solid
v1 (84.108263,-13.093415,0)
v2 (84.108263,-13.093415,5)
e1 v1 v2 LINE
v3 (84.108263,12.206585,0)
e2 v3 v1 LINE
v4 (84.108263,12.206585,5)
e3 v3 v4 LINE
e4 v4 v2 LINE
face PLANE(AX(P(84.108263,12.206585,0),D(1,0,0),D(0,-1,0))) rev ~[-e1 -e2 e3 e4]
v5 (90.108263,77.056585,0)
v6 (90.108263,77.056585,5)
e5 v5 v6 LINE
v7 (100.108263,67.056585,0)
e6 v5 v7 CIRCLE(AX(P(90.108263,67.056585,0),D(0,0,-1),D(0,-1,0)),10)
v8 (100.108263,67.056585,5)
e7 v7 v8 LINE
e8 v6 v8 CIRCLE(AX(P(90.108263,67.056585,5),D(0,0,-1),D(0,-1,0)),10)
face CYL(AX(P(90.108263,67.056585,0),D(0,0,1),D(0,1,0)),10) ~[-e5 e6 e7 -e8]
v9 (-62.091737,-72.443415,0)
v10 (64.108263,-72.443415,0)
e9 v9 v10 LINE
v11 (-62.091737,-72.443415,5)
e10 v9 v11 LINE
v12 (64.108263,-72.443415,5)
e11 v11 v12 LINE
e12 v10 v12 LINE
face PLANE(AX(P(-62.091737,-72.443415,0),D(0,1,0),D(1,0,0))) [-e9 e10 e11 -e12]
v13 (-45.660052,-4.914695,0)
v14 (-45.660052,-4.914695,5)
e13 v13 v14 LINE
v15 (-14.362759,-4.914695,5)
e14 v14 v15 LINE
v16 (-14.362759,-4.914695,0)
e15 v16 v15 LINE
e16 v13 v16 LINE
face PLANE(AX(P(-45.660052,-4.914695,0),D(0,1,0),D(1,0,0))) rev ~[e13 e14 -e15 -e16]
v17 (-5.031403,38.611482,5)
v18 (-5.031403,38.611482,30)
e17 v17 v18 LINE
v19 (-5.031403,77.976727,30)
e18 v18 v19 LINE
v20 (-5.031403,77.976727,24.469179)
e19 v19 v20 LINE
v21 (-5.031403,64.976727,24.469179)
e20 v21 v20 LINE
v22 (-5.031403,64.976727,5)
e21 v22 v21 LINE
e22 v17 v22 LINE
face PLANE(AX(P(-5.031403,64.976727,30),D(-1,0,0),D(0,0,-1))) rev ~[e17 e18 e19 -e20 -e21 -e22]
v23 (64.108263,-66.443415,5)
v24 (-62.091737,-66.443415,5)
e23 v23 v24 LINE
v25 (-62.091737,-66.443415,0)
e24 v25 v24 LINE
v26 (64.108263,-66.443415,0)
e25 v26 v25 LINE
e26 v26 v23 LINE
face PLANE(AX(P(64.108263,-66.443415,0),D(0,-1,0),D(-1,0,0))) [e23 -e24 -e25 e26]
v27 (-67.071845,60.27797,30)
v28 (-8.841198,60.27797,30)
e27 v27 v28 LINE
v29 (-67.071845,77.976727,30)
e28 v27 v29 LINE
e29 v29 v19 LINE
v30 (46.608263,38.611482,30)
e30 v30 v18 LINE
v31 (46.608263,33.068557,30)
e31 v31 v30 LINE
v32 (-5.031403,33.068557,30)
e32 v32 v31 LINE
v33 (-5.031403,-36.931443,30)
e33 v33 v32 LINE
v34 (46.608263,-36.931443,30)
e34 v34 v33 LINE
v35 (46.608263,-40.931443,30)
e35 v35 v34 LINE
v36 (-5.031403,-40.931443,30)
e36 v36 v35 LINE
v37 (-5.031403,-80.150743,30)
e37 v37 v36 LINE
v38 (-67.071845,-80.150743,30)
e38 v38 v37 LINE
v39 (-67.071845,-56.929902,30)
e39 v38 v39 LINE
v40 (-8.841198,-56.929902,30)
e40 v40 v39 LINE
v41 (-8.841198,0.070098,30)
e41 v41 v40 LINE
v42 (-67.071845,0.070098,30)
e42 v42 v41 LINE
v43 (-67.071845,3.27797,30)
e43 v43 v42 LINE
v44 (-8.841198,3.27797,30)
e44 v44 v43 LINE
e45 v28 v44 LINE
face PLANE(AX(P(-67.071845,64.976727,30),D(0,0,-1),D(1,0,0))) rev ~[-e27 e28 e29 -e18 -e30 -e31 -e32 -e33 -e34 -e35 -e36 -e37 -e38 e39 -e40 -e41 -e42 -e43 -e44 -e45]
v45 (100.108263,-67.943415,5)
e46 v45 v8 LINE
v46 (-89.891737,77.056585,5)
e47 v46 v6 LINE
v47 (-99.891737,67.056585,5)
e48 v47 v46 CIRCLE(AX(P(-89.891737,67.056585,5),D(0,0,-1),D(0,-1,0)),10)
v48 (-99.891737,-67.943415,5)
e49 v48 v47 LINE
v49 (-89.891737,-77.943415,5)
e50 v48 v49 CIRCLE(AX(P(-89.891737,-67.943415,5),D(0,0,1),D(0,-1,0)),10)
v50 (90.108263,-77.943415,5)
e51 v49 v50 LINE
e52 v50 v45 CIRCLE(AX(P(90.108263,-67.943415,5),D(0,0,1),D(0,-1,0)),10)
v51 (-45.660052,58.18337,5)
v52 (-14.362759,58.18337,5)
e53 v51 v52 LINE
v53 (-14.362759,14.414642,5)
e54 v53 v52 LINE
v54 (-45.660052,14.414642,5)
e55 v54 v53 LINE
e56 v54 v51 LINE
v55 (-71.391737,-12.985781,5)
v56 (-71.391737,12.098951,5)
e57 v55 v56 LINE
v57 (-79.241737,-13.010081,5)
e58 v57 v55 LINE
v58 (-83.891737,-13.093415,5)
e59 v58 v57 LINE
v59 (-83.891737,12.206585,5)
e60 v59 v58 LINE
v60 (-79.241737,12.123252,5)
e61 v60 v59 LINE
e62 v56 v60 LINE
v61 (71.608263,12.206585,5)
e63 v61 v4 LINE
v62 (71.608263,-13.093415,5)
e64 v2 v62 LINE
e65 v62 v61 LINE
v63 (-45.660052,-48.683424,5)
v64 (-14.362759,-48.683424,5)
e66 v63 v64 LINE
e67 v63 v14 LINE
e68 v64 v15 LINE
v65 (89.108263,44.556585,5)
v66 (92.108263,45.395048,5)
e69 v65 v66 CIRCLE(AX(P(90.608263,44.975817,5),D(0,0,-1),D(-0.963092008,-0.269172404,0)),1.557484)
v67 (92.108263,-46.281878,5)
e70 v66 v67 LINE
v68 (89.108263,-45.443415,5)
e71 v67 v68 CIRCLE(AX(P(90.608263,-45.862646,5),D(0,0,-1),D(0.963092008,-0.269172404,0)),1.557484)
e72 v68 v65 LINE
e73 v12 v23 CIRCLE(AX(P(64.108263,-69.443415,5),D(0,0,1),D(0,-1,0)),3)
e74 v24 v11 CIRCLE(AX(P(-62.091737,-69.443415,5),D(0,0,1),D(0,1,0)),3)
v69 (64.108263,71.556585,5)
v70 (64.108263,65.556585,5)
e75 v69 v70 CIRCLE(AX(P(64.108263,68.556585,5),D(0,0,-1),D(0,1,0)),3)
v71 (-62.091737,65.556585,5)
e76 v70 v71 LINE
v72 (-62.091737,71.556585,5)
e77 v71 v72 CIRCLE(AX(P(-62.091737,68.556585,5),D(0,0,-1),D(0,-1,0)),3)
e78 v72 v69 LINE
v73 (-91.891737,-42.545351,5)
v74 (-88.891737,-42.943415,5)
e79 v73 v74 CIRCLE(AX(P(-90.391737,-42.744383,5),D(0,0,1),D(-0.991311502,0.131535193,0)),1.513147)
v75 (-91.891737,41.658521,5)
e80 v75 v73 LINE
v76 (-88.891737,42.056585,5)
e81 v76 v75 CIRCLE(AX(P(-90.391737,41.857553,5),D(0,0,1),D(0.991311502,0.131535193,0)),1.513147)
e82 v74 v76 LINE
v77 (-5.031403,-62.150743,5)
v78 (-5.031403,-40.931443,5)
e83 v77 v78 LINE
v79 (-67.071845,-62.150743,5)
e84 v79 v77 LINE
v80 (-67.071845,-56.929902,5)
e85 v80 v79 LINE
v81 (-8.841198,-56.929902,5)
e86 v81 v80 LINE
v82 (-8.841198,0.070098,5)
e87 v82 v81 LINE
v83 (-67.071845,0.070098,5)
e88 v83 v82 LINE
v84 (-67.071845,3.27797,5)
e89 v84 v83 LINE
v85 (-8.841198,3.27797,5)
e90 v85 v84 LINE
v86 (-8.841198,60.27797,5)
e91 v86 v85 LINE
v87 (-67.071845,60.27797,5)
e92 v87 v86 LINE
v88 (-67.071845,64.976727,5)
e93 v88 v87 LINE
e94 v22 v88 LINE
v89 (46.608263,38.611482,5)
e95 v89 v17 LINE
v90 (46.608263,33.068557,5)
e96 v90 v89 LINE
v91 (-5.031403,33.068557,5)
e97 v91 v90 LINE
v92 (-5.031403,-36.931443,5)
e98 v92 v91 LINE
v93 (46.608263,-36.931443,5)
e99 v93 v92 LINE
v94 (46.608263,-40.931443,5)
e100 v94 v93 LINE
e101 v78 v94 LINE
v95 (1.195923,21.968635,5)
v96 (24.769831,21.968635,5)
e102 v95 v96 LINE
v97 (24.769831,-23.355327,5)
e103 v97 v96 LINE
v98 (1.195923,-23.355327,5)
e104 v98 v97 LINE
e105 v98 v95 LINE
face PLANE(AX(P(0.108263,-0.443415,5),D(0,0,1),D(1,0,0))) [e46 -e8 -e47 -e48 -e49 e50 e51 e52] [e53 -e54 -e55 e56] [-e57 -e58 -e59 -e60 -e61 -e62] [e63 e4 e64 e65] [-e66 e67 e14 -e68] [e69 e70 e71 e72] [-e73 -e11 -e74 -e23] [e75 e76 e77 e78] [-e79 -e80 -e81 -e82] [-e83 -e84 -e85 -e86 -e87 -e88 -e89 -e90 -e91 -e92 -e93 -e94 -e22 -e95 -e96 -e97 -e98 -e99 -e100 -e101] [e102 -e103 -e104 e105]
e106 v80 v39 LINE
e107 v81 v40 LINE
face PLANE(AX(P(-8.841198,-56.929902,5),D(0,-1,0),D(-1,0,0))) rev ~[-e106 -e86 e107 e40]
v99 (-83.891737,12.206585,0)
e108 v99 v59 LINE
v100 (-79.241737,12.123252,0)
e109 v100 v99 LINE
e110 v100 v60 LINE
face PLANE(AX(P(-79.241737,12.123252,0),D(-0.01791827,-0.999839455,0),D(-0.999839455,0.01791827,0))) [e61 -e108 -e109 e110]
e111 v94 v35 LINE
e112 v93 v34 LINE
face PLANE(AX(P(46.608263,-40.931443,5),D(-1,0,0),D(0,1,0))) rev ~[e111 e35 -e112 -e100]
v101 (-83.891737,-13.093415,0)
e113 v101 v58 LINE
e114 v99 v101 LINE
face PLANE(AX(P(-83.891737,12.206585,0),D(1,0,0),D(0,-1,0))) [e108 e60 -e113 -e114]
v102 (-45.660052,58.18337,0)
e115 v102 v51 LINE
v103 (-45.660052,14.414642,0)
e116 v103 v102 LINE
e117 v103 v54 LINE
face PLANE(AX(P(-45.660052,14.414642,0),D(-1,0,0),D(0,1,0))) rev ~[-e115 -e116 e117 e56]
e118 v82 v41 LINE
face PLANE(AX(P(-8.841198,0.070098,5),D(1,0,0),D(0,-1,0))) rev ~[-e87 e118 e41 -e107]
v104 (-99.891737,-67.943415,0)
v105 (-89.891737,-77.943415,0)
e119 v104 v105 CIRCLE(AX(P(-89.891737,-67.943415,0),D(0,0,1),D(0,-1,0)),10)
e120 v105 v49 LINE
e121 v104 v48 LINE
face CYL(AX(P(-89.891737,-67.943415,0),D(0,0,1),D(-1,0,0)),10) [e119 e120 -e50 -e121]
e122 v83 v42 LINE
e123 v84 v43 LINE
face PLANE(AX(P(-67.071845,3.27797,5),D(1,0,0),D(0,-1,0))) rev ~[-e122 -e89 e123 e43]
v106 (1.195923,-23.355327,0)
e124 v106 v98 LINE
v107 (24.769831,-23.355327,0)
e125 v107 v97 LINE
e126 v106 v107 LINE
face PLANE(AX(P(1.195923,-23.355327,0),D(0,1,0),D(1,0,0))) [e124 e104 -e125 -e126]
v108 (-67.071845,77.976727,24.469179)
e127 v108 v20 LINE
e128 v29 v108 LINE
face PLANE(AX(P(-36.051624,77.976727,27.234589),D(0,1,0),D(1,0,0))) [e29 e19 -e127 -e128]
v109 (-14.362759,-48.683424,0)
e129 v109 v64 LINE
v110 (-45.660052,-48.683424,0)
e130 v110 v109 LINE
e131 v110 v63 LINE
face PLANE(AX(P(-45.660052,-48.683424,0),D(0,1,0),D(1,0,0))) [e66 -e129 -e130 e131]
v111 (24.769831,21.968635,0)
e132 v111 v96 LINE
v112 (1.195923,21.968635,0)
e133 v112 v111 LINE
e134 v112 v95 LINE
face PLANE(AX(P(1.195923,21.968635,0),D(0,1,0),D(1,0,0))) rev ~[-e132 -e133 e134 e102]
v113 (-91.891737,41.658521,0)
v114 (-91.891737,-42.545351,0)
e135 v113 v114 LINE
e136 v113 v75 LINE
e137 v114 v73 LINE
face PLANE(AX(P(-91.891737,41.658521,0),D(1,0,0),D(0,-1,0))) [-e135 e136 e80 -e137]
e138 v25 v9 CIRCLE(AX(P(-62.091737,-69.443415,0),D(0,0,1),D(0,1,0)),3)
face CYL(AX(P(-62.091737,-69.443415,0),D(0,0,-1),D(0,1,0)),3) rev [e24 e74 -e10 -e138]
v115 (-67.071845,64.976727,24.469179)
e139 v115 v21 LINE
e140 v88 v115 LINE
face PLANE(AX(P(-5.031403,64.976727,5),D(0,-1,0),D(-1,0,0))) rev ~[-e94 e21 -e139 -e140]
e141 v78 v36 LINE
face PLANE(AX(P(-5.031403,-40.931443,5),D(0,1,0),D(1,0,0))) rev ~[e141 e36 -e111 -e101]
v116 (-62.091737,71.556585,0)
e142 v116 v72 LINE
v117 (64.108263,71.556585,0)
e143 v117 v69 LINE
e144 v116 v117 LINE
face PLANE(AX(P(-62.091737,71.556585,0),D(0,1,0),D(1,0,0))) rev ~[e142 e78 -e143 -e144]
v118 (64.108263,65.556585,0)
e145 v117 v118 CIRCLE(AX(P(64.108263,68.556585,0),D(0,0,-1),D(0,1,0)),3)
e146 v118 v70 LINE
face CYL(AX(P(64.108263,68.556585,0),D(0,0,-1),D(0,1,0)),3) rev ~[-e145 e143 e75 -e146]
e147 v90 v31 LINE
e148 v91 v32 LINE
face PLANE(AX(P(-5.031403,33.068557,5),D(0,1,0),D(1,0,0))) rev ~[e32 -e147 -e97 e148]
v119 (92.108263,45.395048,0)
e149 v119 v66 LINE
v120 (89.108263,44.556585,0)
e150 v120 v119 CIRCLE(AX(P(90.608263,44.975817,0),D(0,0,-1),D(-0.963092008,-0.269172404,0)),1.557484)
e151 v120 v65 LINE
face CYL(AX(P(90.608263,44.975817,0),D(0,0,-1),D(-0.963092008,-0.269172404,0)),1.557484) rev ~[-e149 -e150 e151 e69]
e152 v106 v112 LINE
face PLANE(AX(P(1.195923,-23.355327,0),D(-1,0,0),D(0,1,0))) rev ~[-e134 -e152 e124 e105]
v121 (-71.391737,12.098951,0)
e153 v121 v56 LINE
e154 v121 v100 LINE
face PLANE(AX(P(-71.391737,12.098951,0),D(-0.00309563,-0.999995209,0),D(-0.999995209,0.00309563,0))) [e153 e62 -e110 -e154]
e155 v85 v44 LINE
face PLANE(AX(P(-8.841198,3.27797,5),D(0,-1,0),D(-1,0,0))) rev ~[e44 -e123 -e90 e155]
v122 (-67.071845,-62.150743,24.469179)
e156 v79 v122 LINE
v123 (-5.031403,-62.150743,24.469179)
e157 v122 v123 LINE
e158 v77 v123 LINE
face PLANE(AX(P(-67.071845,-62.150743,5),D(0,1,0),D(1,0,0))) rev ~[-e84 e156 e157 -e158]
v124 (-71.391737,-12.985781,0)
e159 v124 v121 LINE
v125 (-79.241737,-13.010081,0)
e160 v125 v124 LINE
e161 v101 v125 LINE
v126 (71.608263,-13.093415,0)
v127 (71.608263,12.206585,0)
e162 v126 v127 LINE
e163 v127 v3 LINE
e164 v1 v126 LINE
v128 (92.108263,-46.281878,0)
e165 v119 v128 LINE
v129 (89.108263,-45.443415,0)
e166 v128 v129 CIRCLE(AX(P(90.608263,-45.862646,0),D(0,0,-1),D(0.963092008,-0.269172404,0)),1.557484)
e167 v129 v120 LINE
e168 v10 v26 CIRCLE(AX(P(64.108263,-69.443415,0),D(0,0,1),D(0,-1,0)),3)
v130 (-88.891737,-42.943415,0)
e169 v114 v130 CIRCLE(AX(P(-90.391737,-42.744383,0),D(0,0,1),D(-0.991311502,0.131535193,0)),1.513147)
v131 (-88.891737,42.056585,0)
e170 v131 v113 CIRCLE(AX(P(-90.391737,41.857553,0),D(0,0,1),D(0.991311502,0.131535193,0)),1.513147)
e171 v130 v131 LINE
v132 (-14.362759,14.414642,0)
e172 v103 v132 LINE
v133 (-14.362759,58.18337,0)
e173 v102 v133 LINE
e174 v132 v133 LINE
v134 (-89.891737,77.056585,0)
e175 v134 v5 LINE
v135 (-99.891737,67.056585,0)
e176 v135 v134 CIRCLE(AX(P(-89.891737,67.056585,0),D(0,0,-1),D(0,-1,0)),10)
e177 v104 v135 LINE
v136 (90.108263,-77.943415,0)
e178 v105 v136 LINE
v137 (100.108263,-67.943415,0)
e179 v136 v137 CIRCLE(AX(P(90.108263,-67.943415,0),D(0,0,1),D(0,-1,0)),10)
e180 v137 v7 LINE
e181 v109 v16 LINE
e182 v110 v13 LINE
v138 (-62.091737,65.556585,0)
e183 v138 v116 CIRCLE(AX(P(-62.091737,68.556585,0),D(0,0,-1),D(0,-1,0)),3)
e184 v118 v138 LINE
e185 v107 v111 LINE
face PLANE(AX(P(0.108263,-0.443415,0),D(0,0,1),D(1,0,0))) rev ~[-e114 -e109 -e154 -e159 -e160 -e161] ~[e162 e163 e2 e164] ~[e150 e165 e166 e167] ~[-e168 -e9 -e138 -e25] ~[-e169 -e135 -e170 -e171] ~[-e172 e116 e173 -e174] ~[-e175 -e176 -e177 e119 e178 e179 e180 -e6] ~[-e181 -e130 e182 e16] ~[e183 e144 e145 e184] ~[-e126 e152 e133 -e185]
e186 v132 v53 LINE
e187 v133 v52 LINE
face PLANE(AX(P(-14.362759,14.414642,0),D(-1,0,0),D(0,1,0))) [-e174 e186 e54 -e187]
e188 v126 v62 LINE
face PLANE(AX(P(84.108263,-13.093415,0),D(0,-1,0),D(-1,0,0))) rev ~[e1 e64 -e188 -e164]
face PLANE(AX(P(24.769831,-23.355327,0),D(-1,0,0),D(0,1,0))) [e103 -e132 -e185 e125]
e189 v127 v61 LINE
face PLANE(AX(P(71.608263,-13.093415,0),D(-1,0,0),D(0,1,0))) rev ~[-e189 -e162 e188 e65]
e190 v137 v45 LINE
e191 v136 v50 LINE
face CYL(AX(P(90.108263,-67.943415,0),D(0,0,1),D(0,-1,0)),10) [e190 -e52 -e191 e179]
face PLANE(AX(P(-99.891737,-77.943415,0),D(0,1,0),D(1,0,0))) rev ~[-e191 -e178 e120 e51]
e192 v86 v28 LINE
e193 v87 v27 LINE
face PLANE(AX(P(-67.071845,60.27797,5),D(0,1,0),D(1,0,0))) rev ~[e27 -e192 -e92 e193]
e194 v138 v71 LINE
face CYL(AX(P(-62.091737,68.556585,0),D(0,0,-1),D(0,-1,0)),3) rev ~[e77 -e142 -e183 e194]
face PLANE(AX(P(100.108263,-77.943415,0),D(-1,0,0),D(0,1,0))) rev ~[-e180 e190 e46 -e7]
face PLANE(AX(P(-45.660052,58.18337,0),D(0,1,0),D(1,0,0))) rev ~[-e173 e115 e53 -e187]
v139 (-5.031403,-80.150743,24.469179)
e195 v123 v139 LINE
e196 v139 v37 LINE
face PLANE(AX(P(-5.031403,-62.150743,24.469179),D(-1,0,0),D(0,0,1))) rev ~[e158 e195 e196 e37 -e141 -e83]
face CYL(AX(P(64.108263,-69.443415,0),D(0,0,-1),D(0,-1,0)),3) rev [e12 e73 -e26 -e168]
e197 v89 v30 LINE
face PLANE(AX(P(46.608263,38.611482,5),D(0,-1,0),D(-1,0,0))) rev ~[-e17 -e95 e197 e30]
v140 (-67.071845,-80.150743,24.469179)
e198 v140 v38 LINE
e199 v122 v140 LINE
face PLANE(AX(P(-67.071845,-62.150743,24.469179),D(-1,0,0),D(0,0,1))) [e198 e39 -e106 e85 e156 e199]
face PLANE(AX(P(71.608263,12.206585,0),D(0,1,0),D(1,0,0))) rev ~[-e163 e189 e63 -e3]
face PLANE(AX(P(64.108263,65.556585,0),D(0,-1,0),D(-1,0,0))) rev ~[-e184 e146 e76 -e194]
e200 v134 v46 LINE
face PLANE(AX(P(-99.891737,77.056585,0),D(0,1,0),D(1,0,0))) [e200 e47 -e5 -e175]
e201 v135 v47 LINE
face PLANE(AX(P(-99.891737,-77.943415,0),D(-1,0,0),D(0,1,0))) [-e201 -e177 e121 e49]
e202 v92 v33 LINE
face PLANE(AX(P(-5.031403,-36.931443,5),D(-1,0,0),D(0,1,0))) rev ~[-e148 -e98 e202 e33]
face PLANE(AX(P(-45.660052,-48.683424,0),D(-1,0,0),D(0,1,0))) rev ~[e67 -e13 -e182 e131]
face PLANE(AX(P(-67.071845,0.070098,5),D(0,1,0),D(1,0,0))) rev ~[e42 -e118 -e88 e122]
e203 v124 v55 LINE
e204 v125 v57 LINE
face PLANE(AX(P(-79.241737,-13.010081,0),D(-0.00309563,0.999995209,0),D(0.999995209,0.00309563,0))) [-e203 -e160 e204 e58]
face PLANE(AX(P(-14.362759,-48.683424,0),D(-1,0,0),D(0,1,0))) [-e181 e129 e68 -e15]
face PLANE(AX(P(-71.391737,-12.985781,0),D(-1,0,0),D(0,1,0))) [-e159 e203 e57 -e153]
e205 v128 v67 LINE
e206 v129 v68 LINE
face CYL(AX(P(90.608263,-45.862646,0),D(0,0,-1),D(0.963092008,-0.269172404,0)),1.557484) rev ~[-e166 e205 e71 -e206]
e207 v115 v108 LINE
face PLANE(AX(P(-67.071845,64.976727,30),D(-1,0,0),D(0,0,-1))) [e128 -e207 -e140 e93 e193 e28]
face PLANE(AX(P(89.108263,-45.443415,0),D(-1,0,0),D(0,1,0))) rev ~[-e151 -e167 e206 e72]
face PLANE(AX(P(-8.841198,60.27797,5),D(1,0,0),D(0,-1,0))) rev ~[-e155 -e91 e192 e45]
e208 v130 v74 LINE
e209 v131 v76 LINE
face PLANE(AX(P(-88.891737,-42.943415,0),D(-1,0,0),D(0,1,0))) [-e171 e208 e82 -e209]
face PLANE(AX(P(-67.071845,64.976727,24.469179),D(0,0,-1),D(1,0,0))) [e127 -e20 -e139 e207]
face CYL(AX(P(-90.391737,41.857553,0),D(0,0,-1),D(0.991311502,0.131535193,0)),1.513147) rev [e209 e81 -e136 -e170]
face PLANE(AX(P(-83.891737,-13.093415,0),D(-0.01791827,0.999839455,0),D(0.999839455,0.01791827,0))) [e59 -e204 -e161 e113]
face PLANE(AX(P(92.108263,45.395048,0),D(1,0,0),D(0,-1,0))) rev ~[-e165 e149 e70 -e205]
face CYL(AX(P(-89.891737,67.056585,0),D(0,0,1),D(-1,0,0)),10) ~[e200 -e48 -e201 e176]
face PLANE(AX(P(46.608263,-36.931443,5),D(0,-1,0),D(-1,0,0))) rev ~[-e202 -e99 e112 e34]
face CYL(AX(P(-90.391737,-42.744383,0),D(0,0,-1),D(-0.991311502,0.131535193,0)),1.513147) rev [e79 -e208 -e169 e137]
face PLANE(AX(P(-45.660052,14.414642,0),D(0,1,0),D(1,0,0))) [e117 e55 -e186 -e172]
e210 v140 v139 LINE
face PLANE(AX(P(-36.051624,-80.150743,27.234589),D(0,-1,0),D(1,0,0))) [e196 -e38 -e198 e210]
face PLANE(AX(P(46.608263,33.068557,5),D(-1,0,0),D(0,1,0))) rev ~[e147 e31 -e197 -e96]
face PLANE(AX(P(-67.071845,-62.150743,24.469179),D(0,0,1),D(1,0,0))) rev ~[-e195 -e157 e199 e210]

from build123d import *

# Parameters (mm, degrees)
CROQUIS2_W              = 200
CROQUIS2_H              = 155
CROQUIS2_W_2            = 31.297292299
CROQUIS2_H_2            = 43.768728426
CROQUIS2_H_3            = 43.768728427
CROQUIS2_W_3            = 23.573907934
CROQUIS2_H_4            = 45.323962431
SALIENTE_EXTRUIR1_DEPTH = 5
REDONDEO1_R             = 10
BOSS_EXTRUDE1_DEPTH     = 25
SKETCH3_W               = 62.040442094
SKETCH3_H               = 5.530821024
BOSS_EXTRUDE2_DEPTH     = 18
SKETCH8_W               = 62.040442094
SKETCH8_H               = 5.530821024
BOSS_EXTRUDE6_DEPTH     = 13


with BuildPart() as part:
    # Croquis2 → Saliente-Extruir1 (new body)
    with BuildSketch(Plane.XY):
        with Locations((0.108263467, -0.443414783)):
            Rectangle(CROQUIS2_W, CROQUIS2_H)
        with BuildLine():
            Line((-62.091736533, 71.556585217), (64.108263467, 71.556585217))
            ThreePointArc((64.108263467, 71.556585217), (67.108263467, 68.556585217), (64.108263467, 65.556585217))
            Line((64.108263467, 65.556585217), (-62.091736533, 65.556585217))
            ThreePointArc((-62.091736533, 65.556585217), (-65.091736533, 68.556585217), (-62.091736533, 71.556585217))
        make_face(mode=Mode.SUBTRACT)
        Polygon((-71.391736533, -12.98578064), (-71.391736533, 12.098951074), (-79.241736533, 12.123251884), (-83.891736533, 12.206585217), (-83.891736533, -13.093414783), (-79.241736533, -13.01008145), align=None, mode=Mode.SUBTRACT)
        with BuildLine():
            Line((92.108263467, 45.395048424), (92.108263467, -46.28187799))
            ThreePointArc((92.108263467, -46.28187799), (90.189031864, -47.362646387), (89.108263467, -45.443414783))
            Line((89.108263467, -45.443414783), (89.108263467, 44.556585217))
            ThreePointArc((89.108263467, 44.556585217), (90.189031864, 46.47581682), (92.108263467, 45.395048424))
        make_face(mode=Mode.SUBTRACT)
        Polygon((84.108263467, 12.206585217), (84.108263467, -13.093414783), (79.458263467, -13.093414783), (71.608263467, -13.093414783), (71.608263467, 12.206585217), (79.458263467, 12.206585217), align=None, mode=Mode.SUBTRACT)
        with BuildLine():
            Line((-91.891736533, 41.658521059), (-91.891736533, -42.545350625))
            ThreePointArc((-91.891736533, -42.545350625), (-90.590768612, -44.244382704), (-88.891736533, -42.943414783))
            Line((-88.891736533, -42.943414783), (-88.891736533, 42.056585217))
            ThreePointArc((-88.891736533, 42.056585217), (-90.590768612, 43.357553138), (-91.891736533, 41.658521059))
        make_face(mode=Mode.SUBTRACT)
        with Locations((-30.011405388, 36.299005811)):
            Rectangle(CROQUIS2_W_2, CROQUIS2_H_2, mode=Mode.SUBTRACT)
        with BuildLine():
            Line((-62.091736533, -72.443414783), (64.108263467, -72.443414783))
            ThreePointArc((64.108263467, -72.443414783), (67.108263467, -69.443414783), (64.108263467, -66.443414783))
            Line((64.108263467, -66.443414783), (-62.091736533, -66.443414783))
            ThreePointArc((-62.091736533, -66.443414783), (-65.091736533, -69.443414783), (-62.091736533, -72.443414783))
        make_face(mode=Mode.SUBTRACT)
        with Locations((-30.011405388, -26.799059535)):
            Rectangle(CROQUIS2_W_2, CROQUIS2_H_3, mode=Mode.SUBTRACT)
        with Locations((12.982877294, -0.693345879)):
            Rectangle(CROQUIS2_W_3, CROQUIS2_H_4, mode=Mode.SUBTRACT)
    extrude(amount=SALIENTE_EXTRUIR1_DEPTH)

    # Redondeo1
    redondeo1_edges = [part.edges().sort_by_distance(p)[0] for p in [
        (100.108263467, -77.943414783, 2.5),
        (-99.891736533, -77.943414783, 2.5),
        (-99.891736533, 77.056585217, 2.5),
        (100.108263467, 77.056585217, 2.5),
    ]]
    fillet(redondeo1_edges, radius=REDONDEO1_R)

    # Sketch1 → Boss-Extrude1 (add)
    with BuildSketch(Plane.XY.offset(5)):
        Polygon((-67.071845217, 64.976726992), (-67.071845217, 60.27797041), (-8.841198185, 60.27797041), (-8.841198185, 3.27797041), (-67.071845217, 3.27797041), (-67.071845217, 0.070097884), (-8.841198185, 0.070097884), (-8.841198185, -56.929902116), (-67.071845217, -56.929902116), (-67.071845217, -62.150742763), (-5.031403123, -62.150742763), (-5.031403123, -40.931443482), (46.608263467, -40.931443482), (46.608263467, -36.931443482), (-5.031403123, -36.931443482), (-5.031403123, 33.068556518), (46.608263467, 33.068556518), (46.608263467, 38.611481725), (-5.031403123, 38.611481725), (-5.031403123, 64.976726992), align=None)
    extrude(amount=BOSS_EXTRUDE1_DEPTH)

    # Sketch3 → Boss-Extrude2 (add)
    with BuildSketch(Plane.XZ.offset(62.150742763)):
        with Locations((-36.05162417, 27.234589488)):
            Rectangle(SKETCH3_W, SKETCH3_H)
    extrude(amount=BOSS_EXTRUDE2_DEPTH)

    # Sketch8 → Boss-Extrude6 (add)
    with BuildSketch(Plane(origin=(0, 64.976726992, 0), x_dir=(1, 0, 0), z_dir=(0, 1, 0))):
        with Locations((-36.05162417, -27.234589488)):
            Rectangle(SKETCH8_W, SKETCH8_H)
    extrude(amount=BOSS_EXTRUDE6_DEPTH)


solid = part.part
